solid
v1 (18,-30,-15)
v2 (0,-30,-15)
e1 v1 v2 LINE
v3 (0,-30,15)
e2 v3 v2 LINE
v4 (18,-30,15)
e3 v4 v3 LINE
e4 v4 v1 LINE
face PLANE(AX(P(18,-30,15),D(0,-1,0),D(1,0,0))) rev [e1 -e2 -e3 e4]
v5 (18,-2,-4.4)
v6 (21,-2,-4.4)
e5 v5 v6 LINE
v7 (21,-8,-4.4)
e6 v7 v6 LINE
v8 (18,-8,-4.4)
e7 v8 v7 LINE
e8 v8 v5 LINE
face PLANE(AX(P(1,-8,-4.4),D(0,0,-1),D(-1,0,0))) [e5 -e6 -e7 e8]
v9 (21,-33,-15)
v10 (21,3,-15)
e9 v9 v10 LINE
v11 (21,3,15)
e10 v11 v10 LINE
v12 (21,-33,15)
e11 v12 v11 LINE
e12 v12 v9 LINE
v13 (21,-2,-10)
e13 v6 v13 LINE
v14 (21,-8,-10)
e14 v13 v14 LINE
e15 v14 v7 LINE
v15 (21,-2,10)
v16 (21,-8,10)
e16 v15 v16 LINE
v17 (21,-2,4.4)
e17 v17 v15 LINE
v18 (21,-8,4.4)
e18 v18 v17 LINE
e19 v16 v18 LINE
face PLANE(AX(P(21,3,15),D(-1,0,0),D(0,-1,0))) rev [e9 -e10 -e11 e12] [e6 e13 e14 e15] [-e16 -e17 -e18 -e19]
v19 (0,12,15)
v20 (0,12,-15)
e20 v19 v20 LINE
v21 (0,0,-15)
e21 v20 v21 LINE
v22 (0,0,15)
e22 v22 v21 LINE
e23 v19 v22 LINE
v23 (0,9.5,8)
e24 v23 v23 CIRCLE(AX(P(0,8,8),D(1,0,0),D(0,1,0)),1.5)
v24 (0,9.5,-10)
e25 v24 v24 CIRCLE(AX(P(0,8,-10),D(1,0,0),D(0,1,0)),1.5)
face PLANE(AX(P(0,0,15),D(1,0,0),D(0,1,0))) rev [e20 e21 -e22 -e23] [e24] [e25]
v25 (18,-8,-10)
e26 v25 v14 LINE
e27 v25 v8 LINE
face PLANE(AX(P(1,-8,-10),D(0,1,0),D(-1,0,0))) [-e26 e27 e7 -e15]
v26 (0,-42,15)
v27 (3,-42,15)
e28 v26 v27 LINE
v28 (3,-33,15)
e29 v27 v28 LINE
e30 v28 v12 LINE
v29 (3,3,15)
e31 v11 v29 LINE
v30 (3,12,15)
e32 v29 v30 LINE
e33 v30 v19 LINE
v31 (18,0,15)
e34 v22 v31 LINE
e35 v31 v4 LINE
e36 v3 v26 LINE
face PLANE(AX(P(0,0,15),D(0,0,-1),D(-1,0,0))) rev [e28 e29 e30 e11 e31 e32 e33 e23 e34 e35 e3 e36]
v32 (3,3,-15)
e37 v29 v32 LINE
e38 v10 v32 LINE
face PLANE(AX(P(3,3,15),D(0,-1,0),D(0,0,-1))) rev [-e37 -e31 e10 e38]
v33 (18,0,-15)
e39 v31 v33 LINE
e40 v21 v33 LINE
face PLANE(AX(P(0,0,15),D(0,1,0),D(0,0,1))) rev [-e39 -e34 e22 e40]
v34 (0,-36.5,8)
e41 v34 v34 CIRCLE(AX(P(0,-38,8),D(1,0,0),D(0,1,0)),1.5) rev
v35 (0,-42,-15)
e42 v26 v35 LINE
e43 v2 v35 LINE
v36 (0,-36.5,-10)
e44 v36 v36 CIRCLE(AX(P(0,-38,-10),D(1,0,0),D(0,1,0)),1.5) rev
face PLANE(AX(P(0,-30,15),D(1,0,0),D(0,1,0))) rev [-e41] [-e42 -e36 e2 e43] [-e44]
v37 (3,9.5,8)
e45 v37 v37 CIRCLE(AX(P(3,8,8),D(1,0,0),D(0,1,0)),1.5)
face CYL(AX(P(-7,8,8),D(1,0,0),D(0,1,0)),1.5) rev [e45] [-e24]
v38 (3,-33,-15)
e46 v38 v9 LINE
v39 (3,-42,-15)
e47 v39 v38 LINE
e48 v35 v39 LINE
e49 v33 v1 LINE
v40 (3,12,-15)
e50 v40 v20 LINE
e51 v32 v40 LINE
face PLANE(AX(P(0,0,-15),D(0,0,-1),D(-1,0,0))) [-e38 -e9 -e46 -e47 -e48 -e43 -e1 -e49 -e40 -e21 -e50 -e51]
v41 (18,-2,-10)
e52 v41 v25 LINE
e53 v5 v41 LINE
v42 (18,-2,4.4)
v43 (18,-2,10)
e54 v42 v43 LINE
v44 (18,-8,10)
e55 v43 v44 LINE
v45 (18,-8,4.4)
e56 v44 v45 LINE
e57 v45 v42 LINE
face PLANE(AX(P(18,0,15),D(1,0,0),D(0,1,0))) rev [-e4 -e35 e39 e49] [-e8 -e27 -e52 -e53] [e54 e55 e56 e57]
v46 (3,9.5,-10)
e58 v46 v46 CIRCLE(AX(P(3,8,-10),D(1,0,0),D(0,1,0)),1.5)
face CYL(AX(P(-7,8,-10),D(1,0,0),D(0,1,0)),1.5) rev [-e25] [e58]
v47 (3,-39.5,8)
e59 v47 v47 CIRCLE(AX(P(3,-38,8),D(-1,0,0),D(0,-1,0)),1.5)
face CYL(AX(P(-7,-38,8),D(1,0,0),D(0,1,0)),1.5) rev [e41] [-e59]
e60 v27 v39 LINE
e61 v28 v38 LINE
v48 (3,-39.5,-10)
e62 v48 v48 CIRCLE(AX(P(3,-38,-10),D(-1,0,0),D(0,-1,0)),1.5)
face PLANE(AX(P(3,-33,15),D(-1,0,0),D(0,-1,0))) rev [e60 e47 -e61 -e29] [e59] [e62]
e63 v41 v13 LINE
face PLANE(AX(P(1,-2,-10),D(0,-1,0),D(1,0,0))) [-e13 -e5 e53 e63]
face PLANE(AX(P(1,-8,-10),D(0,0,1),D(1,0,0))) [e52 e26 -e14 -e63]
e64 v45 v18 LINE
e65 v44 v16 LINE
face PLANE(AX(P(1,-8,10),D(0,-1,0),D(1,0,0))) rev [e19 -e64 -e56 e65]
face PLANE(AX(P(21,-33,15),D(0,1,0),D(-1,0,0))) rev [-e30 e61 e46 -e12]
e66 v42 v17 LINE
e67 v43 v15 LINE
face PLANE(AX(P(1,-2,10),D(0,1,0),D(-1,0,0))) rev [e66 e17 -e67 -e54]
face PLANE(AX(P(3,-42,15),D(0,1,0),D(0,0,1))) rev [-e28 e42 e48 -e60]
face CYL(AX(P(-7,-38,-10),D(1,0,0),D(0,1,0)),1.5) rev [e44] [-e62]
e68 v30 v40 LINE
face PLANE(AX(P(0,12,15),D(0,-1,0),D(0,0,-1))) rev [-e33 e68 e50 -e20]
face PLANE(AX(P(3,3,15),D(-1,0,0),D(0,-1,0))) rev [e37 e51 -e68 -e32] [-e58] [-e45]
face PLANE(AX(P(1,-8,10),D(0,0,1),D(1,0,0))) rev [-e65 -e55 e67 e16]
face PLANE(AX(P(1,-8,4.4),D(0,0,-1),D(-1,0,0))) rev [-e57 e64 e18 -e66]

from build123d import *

# Parameters (mm, degrees)
EXTRUDE_1_DEPTH     = 15
SKETCH_2_W          = 5.6
SKETCH_2_H          = 6
CUT_EXTRUDE_1_DEPTH = 20
SKETCH_3_R          = 1.5
CUT_EXTRUDE_2_DEPTH = 10


with BuildPart() as part:
    # 草图1 → 凸台-拉伸1 (new body, symmetric)
    with BuildSketch(Plane.XY):
        Polygon((0, 0), (18, 0), (18, -30), (0, -30), (0, -42), (3, -42), (3, -33), (21, -33), (21, 3), (3, 3), (3, 12), (0, 12), align=None)
    extrude(amount=EXTRUDE_1_DEPTH, both=True)

    # 草图2 → 切除-拉伸1 (cut)
    with BuildSketch(Plane(origin=(21, 0, 0), x_dir=(0, 0, -1), z_dir=(1, 0, 0))):
        with Locations((-7.2, -5)):
            Rectangle(SKETCH_2_W, SKETCH_2_H)
    cut_extrude_1 = extrude(amount=-CUT_EXTRUDE_1_DEPTH, mode=Mode.SUBTRACT)

    # 镜向1: 切除-拉伸1 across plane
    add(cut_extrude_1.mirror(Plane.XY), mode=Mode.SUBTRACT)

    # 草图3 → 切除-拉伸2 (cut)
    with BuildSketch(Plane(origin=(3, 0, 0), x_dir=(0, 0, -1), z_dir=(1, 0, 0))):
        with Locations((10, 8)):
            Circle(SKETCH_3_R)
        with Locations((-8, 8)):
            Circle(SKETCH_3_R)
    cut_extrude_2 = extrude(amount=-CUT_EXTRUDE_2_DEPTH, mode=Mode.SUBTRACT)

    # 镜向2: 切除-拉伸2 across plane
    add(cut_extrude_2.mirror(Plane(origin=(0, -15, 0), x_dir=(0, 0, 1), z_dir=(0, -1, 0))), mode=Mode.SUBTRACT)


solid = part.part
